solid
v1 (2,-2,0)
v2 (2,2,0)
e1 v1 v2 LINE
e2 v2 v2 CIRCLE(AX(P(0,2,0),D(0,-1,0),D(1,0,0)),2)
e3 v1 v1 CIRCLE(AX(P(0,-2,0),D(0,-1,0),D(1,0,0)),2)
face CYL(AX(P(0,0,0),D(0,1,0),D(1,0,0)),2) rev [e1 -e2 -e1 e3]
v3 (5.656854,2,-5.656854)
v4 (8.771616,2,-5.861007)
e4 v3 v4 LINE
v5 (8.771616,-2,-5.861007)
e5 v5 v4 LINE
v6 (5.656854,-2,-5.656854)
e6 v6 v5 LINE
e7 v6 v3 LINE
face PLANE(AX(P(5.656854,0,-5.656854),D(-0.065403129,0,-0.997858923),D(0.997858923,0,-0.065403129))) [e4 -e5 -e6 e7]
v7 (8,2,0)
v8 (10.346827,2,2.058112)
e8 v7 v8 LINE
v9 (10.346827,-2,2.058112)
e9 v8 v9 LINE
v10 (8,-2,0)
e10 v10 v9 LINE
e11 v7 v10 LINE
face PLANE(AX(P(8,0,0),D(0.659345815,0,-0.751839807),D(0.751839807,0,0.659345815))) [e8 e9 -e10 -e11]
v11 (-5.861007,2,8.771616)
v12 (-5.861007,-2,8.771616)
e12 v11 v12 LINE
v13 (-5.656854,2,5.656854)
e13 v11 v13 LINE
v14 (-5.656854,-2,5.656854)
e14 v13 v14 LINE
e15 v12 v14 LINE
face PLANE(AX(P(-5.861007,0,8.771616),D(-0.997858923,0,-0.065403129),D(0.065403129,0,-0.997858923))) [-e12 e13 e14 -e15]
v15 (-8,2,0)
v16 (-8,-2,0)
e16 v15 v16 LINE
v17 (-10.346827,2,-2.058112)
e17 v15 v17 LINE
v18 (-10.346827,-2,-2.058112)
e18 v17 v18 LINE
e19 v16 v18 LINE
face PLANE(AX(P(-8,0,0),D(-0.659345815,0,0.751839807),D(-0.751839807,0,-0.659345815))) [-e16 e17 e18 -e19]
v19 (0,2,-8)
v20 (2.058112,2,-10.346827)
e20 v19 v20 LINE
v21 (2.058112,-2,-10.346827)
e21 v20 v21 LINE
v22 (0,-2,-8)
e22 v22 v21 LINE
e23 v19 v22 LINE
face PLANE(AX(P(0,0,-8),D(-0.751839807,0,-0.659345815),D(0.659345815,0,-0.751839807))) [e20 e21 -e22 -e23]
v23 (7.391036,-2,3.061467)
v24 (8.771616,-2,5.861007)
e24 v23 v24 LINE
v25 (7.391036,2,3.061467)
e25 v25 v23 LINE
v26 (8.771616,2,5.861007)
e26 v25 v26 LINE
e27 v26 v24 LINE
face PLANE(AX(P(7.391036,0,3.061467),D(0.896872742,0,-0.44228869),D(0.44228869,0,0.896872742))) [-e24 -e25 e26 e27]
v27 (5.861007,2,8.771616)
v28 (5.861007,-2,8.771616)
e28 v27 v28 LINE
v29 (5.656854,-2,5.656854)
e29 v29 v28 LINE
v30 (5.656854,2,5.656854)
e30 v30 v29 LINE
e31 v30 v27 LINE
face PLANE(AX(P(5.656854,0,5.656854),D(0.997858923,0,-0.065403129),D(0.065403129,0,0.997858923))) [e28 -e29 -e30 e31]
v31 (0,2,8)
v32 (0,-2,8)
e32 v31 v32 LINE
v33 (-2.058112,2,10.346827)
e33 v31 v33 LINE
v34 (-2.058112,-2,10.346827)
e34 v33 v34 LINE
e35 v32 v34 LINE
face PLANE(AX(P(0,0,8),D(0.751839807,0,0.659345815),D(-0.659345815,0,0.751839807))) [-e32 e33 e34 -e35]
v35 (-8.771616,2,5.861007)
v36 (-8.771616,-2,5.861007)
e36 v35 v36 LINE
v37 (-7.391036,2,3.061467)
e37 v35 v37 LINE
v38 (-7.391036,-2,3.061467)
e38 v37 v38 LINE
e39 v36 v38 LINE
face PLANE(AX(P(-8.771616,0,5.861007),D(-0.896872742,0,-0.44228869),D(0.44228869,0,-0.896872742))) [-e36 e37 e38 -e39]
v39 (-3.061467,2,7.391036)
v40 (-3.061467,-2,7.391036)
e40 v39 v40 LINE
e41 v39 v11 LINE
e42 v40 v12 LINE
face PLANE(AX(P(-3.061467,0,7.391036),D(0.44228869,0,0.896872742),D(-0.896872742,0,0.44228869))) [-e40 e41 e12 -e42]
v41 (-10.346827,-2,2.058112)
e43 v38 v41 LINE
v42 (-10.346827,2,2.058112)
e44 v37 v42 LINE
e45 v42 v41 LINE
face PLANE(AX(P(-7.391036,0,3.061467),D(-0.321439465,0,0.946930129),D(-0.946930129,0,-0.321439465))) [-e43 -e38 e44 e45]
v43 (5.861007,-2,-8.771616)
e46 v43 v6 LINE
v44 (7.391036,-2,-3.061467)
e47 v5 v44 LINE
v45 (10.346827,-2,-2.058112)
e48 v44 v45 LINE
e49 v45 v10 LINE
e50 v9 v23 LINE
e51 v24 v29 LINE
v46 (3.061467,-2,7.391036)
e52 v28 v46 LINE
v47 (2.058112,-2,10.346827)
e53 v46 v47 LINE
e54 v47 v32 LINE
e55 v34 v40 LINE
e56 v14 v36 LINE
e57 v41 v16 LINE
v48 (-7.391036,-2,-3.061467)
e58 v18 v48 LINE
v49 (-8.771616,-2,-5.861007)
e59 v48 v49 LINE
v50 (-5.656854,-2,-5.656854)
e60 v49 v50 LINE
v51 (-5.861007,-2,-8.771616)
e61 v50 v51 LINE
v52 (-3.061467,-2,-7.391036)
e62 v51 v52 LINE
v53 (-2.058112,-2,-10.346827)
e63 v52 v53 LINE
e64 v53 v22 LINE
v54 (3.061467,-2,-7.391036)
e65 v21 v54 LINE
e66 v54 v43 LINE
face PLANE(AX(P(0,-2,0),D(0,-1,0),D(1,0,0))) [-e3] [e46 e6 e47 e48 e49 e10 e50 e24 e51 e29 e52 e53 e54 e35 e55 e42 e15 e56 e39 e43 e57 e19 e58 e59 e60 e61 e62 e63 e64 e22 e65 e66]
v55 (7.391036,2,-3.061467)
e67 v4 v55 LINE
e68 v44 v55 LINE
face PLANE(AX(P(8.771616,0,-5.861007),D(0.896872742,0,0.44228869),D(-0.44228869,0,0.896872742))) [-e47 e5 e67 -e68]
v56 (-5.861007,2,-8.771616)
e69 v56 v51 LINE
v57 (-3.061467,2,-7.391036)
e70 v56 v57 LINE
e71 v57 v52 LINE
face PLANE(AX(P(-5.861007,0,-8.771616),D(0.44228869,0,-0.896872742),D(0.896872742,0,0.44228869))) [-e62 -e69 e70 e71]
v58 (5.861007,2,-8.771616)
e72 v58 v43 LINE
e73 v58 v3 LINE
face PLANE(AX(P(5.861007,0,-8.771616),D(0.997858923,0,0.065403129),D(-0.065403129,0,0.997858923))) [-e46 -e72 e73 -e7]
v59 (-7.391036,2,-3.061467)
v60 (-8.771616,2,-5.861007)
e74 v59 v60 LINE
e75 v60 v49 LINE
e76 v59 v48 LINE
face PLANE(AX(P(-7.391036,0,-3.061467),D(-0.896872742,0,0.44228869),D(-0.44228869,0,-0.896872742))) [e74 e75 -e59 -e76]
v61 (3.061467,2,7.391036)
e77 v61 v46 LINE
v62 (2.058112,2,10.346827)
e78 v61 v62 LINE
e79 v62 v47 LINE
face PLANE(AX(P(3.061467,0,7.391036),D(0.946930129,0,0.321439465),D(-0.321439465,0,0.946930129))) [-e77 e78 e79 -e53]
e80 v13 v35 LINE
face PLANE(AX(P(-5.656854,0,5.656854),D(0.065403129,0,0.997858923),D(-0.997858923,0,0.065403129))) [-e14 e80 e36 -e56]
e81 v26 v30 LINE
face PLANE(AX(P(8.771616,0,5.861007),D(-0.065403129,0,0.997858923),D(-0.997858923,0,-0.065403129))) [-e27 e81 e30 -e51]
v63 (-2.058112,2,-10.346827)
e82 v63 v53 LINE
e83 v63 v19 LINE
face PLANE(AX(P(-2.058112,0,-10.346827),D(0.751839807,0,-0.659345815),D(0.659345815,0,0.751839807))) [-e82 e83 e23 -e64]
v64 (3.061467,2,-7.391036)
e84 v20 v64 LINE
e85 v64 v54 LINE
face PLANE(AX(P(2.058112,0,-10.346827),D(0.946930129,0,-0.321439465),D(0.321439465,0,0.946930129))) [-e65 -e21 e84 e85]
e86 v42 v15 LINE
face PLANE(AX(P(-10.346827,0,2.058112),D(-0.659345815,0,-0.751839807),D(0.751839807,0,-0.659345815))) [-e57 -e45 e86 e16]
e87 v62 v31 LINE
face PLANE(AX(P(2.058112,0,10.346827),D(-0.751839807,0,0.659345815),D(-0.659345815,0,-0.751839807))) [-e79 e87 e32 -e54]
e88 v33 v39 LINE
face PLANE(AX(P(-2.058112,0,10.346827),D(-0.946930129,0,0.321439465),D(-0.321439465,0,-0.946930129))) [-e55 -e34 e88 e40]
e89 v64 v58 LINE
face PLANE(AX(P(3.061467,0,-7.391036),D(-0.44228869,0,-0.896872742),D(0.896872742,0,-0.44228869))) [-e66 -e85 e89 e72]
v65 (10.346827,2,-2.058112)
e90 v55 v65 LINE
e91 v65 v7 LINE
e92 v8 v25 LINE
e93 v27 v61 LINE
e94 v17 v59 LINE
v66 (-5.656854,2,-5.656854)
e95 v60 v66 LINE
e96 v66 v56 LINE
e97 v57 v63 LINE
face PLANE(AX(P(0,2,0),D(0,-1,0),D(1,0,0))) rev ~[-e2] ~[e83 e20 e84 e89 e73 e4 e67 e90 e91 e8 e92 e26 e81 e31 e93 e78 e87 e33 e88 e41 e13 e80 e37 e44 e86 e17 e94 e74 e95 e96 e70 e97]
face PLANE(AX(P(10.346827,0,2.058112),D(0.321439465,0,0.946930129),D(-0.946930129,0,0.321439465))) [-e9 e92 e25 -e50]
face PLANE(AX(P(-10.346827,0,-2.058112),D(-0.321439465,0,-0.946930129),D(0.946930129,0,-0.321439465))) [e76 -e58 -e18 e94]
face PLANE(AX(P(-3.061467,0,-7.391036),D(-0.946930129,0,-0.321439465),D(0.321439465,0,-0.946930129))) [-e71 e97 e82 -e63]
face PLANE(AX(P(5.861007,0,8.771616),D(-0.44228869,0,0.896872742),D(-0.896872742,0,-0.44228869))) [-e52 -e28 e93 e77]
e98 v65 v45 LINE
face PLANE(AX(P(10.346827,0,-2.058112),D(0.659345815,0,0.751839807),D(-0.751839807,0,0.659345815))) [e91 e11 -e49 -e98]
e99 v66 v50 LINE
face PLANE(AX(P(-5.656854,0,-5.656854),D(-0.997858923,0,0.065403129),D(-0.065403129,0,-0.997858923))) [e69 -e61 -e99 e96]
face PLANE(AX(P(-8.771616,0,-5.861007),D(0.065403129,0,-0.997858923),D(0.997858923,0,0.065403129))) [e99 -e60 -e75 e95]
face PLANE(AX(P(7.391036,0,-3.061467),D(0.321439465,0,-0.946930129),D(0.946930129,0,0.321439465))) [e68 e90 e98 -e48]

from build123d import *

# Parameters (mm, degrees)
F0_R     = 2
F1_DEPTH = 2


with BuildPart() as f1:
    # F0 (on Front) → F1 (new body, symmetric)
    with BuildSketch(Plane.XZ):
        with BuildLine():
            ThreePointArc((7.3910362601, -3.0614674589), (7.8462822432, -1.5607225761), (8, 0))
            ThreePointArc((8, 0), (7.8462822432, 1.5607225761), (7.3910362601, 3.0614674589))
            ThreePointArc((7.3910362601, 3.0614674589), (6.6517568984, 4.4445618642), (5.6568542495, 5.6568542495))
            ThreePointArc((5.6568542495, 5.6568542495), (4.4445618642, 6.6517568984), (3.0614674589, 7.3910362601))
            ThreePointArc((3.0614674589, 7.3910362601), (1.5607225761, 7.8462822432), (0, 8))
            ThreePointArc((0, 8), (-1.5607225761, 7.8462822432), (-3.0614674589, 7.3910362601))
            ThreePointArc((-3.0614674589, 7.3910362601), (-4.4445618642, 6.6517568984), (-5.6568542495, 5.6568542495))
            ThreePointArc((-5.6568542495, 5.6568542495), (-6.6517568984, 4.4445618642), (-7.3910362601, 3.0614674589))
            ThreePointArc((-7.3910362601, 3.0614674589), (-7.8462822432, 1.5607225761), (-8, 0))
            ThreePointArc((-8, 0), (-7.8462822432, -1.5607225761), (-7.3910362601, -3.0614674589))
            ThreePointArc((-7.3910362601, -3.0614674589), (-6.6517568984, -4.4445618642), (-5.6568542495, -5.6568542495))
            ThreePointArc((-5.6568542495, -5.6568542495), (-4.4445618642, -6.6517568984), (-3.0614674589, -7.3910362601))
            ThreePointArc((-3.0614674589, -7.3910362601), (-1.5607225761, -7.8462822432), (0, -8))
            ThreePointArc((0, -8), (1.5607225761, -7.8462822432), (3.0614674589, -7.3910362601))
            ThreePointArc((3.0614674589, -7.3910362601), (4.4445618642, -6.6517568984), (5.6568542495, -5.6568542495))
            ThreePointArc((5.6568542495, -5.6568542495), (6.6517568984, -4.4445618642), (7.3910362601, -3.0614674589))
        make_face()
        Circle(F0_R, mode=Mode.SUBTRACT)
        with BuildLine():
            Line((10.3468267223, -2.0581117982), (8, 0))
            ThreePointArc((8, 0), (7.8462822432, -1.5607225761), (7.3910362601, -3.0614674589))
            Line((7.3910362601, -3.0614674589), (10.3468267223, -2.0581117982))
        make_face()
        with BuildLine():
            ThreePointArc((7.3910362601, 3.0614674589), (7.8462822432, 1.5607225761), (8, 0))
            Line((8, 0), (10.3468267223, 2.0581117982))
            Line((10.3468267223, 2.0581117982), (7.3910362601, 3.0614674589))
        make_face()
        with BuildLine():
            ThreePointArc((5.6568542495, 5.6568542495), (6.6517568984, 4.4445618642), (7.3910362601, 3.0614674589))
            Line((7.3910362601, 3.0614674589), (8.7716161481, 5.8610065302))
            Line((8.7716161481, 5.8610065302), (5.6568542495, 5.6568542495))
        make_face()
        with BuildLine():
            Line((8.7716161481, -5.8610065302), (7.3910362601, -3.0614674589))
            ThreePointArc((7.3910362601, -3.0614674589), (6.6517568984, -4.4445618642), (5.6568542495, -5.6568542495))
            Line((5.6568542495, -5.6568542495), (8.7716161481, -5.8610065302))
        make_face()
        with BuildLine():
            ThreePointArc((3.0614674589, 7.3910362601), (4.4445618642, 6.6517568984), (5.6568542495, 5.6568542495))
            Line((5.6568542495, 5.6568542495), (5.8610065302, 8.7716161481))
            Line((5.8610065302, 8.7716161481), (3.0614674589, 7.3910362601))
        make_face()
        with BuildLine():
            Line((5.8610065302, -8.7716161481), (5.6568542495, -5.6568542495))
            ThreePointArc((5.6568542495, -5.6568542495), (4.4445618642, -6.6517568984), (3.0614674589, -7.3910362601))
            Line((3.0614674589, -7.3910362601), (5.8610065302, -8.7716161481))
        make_face()
        with BuildLine():
            ThreePointArc((0, 8), (1.5607225761, 7.8462822432), (3.0614674589, 7.3910362601))
            Line((3.0614674589, 7.3910362601), (2.0581117982, 10.3468267223))
            Line((2.0581117982, 10.3468267223), (0, 8))
        make_face()
        with BuildLine():
            Line((2.0581117982, -10.3468267223), (3.0614674589, -7.3910362601))
            ThreePointArc((3.0614674589, -7.3910362601), (1.5607225761, -7.8462822432), (0, -8))
            Line((0, -8), (2.0581117982, -10.3468267223))
        make_face()
        with BuildLine():
            ThreePointArc((-3.0614674589, 7.3910362601), (-1.5607225761, 7.8462822432), (0, 8))
            Line((0, 8), (-2.0581117982, 10.3468267223))
            Line((-2.0581117982, 10.3468267223), (-3.0614674589, 7.3910362601))
        make_face()
        with BuildLine():
            Line((-2.0581117982, -10.3468267223), (0, -8))
            ThreePointArc((0, -8), (-1.5607225761, -7.8462822432), (-3.0614674589, -7.3910362601))
            Line((-3.0614674589, -7.3910362601), (-2.0581117982, -10.3468267223))
        make_face()
        with BuildLine():
            ThreePointArc((-5.6568542495, 5.6568542495), (-4.4445618642, 6.6517568984), (-3.0614674589, 7.3910362601))
            Line((-3.0614674589, 7.3910362601), (-5.8610065302, 8.7716161481))
            Line((-5.8610065302, 8.7716161481), (-5.6568542495, 5.6568542495))
        make_face()
        with BuildLine():
            Line((-5.8610065302, -8.7716161481), (-3.0614674589, -7.3910362601))
            ThreePointArc((-3.0614674589, -7.3910362601), (-4.4445618642, -6.6517568984), (-5.6568542495, -5.6568542495))
            Line((-5.6568542495, -5.6568542495), (-5.8610065302, -8.7716161481))
        make_face()
        with BuildLine():
            ThreePointArc((-7.3910362601, 3.0614674589), (-6.6517568984, 4.4445618642), (-5.6568542495, 5.6568542495))
            Line((-5.6568542495, 5.6568542495), (-8.7716161481, 5.8610065302))
            Line((-8.7716161481, 5.8610065302), (-7.3910362601, 3.0614674589))
        make_face()
        with BuildLine():
            Line((-8.7716161481, -5.8610065302), (-5.6568542495, -5.6568542495))
            ThreePointArc((-5.6568542495, -5.6568542495), (-6.6517568984, -4.4445618642), (-7.3910362601, -3.0614674589))
            Line((-7.3910362601, -3.0614674589), (-8.7716161481, -5.8610065302))
        make_face()
        with BuildLine():
            ThreePointArc((-8, 0), (-7.8462822432, 1.5607225761), (-7.3910362601, 3.0614674589))
            Line((-7.3910362601, 3.0614674589), (-10.3468267223, 2.0581117982))
            Line((-10.3468267223, 2.0581117982), (-8, 0))
        make_face()
        with BuildLine():
            Line((-10.3468267223, -2.0581117982), (-7.3910362601, -3.0614674589))
            ThreePointArc((-7.3910362601, -3.0614674589), (-7.8462822432, -1.5607225761), (-8, 0))
            Line((-8, 0), (-10.3468267223, -2.0581117982))
        make_face()
    extrude(amount=F1_DEPTH, both=True)


solid = f1.part
